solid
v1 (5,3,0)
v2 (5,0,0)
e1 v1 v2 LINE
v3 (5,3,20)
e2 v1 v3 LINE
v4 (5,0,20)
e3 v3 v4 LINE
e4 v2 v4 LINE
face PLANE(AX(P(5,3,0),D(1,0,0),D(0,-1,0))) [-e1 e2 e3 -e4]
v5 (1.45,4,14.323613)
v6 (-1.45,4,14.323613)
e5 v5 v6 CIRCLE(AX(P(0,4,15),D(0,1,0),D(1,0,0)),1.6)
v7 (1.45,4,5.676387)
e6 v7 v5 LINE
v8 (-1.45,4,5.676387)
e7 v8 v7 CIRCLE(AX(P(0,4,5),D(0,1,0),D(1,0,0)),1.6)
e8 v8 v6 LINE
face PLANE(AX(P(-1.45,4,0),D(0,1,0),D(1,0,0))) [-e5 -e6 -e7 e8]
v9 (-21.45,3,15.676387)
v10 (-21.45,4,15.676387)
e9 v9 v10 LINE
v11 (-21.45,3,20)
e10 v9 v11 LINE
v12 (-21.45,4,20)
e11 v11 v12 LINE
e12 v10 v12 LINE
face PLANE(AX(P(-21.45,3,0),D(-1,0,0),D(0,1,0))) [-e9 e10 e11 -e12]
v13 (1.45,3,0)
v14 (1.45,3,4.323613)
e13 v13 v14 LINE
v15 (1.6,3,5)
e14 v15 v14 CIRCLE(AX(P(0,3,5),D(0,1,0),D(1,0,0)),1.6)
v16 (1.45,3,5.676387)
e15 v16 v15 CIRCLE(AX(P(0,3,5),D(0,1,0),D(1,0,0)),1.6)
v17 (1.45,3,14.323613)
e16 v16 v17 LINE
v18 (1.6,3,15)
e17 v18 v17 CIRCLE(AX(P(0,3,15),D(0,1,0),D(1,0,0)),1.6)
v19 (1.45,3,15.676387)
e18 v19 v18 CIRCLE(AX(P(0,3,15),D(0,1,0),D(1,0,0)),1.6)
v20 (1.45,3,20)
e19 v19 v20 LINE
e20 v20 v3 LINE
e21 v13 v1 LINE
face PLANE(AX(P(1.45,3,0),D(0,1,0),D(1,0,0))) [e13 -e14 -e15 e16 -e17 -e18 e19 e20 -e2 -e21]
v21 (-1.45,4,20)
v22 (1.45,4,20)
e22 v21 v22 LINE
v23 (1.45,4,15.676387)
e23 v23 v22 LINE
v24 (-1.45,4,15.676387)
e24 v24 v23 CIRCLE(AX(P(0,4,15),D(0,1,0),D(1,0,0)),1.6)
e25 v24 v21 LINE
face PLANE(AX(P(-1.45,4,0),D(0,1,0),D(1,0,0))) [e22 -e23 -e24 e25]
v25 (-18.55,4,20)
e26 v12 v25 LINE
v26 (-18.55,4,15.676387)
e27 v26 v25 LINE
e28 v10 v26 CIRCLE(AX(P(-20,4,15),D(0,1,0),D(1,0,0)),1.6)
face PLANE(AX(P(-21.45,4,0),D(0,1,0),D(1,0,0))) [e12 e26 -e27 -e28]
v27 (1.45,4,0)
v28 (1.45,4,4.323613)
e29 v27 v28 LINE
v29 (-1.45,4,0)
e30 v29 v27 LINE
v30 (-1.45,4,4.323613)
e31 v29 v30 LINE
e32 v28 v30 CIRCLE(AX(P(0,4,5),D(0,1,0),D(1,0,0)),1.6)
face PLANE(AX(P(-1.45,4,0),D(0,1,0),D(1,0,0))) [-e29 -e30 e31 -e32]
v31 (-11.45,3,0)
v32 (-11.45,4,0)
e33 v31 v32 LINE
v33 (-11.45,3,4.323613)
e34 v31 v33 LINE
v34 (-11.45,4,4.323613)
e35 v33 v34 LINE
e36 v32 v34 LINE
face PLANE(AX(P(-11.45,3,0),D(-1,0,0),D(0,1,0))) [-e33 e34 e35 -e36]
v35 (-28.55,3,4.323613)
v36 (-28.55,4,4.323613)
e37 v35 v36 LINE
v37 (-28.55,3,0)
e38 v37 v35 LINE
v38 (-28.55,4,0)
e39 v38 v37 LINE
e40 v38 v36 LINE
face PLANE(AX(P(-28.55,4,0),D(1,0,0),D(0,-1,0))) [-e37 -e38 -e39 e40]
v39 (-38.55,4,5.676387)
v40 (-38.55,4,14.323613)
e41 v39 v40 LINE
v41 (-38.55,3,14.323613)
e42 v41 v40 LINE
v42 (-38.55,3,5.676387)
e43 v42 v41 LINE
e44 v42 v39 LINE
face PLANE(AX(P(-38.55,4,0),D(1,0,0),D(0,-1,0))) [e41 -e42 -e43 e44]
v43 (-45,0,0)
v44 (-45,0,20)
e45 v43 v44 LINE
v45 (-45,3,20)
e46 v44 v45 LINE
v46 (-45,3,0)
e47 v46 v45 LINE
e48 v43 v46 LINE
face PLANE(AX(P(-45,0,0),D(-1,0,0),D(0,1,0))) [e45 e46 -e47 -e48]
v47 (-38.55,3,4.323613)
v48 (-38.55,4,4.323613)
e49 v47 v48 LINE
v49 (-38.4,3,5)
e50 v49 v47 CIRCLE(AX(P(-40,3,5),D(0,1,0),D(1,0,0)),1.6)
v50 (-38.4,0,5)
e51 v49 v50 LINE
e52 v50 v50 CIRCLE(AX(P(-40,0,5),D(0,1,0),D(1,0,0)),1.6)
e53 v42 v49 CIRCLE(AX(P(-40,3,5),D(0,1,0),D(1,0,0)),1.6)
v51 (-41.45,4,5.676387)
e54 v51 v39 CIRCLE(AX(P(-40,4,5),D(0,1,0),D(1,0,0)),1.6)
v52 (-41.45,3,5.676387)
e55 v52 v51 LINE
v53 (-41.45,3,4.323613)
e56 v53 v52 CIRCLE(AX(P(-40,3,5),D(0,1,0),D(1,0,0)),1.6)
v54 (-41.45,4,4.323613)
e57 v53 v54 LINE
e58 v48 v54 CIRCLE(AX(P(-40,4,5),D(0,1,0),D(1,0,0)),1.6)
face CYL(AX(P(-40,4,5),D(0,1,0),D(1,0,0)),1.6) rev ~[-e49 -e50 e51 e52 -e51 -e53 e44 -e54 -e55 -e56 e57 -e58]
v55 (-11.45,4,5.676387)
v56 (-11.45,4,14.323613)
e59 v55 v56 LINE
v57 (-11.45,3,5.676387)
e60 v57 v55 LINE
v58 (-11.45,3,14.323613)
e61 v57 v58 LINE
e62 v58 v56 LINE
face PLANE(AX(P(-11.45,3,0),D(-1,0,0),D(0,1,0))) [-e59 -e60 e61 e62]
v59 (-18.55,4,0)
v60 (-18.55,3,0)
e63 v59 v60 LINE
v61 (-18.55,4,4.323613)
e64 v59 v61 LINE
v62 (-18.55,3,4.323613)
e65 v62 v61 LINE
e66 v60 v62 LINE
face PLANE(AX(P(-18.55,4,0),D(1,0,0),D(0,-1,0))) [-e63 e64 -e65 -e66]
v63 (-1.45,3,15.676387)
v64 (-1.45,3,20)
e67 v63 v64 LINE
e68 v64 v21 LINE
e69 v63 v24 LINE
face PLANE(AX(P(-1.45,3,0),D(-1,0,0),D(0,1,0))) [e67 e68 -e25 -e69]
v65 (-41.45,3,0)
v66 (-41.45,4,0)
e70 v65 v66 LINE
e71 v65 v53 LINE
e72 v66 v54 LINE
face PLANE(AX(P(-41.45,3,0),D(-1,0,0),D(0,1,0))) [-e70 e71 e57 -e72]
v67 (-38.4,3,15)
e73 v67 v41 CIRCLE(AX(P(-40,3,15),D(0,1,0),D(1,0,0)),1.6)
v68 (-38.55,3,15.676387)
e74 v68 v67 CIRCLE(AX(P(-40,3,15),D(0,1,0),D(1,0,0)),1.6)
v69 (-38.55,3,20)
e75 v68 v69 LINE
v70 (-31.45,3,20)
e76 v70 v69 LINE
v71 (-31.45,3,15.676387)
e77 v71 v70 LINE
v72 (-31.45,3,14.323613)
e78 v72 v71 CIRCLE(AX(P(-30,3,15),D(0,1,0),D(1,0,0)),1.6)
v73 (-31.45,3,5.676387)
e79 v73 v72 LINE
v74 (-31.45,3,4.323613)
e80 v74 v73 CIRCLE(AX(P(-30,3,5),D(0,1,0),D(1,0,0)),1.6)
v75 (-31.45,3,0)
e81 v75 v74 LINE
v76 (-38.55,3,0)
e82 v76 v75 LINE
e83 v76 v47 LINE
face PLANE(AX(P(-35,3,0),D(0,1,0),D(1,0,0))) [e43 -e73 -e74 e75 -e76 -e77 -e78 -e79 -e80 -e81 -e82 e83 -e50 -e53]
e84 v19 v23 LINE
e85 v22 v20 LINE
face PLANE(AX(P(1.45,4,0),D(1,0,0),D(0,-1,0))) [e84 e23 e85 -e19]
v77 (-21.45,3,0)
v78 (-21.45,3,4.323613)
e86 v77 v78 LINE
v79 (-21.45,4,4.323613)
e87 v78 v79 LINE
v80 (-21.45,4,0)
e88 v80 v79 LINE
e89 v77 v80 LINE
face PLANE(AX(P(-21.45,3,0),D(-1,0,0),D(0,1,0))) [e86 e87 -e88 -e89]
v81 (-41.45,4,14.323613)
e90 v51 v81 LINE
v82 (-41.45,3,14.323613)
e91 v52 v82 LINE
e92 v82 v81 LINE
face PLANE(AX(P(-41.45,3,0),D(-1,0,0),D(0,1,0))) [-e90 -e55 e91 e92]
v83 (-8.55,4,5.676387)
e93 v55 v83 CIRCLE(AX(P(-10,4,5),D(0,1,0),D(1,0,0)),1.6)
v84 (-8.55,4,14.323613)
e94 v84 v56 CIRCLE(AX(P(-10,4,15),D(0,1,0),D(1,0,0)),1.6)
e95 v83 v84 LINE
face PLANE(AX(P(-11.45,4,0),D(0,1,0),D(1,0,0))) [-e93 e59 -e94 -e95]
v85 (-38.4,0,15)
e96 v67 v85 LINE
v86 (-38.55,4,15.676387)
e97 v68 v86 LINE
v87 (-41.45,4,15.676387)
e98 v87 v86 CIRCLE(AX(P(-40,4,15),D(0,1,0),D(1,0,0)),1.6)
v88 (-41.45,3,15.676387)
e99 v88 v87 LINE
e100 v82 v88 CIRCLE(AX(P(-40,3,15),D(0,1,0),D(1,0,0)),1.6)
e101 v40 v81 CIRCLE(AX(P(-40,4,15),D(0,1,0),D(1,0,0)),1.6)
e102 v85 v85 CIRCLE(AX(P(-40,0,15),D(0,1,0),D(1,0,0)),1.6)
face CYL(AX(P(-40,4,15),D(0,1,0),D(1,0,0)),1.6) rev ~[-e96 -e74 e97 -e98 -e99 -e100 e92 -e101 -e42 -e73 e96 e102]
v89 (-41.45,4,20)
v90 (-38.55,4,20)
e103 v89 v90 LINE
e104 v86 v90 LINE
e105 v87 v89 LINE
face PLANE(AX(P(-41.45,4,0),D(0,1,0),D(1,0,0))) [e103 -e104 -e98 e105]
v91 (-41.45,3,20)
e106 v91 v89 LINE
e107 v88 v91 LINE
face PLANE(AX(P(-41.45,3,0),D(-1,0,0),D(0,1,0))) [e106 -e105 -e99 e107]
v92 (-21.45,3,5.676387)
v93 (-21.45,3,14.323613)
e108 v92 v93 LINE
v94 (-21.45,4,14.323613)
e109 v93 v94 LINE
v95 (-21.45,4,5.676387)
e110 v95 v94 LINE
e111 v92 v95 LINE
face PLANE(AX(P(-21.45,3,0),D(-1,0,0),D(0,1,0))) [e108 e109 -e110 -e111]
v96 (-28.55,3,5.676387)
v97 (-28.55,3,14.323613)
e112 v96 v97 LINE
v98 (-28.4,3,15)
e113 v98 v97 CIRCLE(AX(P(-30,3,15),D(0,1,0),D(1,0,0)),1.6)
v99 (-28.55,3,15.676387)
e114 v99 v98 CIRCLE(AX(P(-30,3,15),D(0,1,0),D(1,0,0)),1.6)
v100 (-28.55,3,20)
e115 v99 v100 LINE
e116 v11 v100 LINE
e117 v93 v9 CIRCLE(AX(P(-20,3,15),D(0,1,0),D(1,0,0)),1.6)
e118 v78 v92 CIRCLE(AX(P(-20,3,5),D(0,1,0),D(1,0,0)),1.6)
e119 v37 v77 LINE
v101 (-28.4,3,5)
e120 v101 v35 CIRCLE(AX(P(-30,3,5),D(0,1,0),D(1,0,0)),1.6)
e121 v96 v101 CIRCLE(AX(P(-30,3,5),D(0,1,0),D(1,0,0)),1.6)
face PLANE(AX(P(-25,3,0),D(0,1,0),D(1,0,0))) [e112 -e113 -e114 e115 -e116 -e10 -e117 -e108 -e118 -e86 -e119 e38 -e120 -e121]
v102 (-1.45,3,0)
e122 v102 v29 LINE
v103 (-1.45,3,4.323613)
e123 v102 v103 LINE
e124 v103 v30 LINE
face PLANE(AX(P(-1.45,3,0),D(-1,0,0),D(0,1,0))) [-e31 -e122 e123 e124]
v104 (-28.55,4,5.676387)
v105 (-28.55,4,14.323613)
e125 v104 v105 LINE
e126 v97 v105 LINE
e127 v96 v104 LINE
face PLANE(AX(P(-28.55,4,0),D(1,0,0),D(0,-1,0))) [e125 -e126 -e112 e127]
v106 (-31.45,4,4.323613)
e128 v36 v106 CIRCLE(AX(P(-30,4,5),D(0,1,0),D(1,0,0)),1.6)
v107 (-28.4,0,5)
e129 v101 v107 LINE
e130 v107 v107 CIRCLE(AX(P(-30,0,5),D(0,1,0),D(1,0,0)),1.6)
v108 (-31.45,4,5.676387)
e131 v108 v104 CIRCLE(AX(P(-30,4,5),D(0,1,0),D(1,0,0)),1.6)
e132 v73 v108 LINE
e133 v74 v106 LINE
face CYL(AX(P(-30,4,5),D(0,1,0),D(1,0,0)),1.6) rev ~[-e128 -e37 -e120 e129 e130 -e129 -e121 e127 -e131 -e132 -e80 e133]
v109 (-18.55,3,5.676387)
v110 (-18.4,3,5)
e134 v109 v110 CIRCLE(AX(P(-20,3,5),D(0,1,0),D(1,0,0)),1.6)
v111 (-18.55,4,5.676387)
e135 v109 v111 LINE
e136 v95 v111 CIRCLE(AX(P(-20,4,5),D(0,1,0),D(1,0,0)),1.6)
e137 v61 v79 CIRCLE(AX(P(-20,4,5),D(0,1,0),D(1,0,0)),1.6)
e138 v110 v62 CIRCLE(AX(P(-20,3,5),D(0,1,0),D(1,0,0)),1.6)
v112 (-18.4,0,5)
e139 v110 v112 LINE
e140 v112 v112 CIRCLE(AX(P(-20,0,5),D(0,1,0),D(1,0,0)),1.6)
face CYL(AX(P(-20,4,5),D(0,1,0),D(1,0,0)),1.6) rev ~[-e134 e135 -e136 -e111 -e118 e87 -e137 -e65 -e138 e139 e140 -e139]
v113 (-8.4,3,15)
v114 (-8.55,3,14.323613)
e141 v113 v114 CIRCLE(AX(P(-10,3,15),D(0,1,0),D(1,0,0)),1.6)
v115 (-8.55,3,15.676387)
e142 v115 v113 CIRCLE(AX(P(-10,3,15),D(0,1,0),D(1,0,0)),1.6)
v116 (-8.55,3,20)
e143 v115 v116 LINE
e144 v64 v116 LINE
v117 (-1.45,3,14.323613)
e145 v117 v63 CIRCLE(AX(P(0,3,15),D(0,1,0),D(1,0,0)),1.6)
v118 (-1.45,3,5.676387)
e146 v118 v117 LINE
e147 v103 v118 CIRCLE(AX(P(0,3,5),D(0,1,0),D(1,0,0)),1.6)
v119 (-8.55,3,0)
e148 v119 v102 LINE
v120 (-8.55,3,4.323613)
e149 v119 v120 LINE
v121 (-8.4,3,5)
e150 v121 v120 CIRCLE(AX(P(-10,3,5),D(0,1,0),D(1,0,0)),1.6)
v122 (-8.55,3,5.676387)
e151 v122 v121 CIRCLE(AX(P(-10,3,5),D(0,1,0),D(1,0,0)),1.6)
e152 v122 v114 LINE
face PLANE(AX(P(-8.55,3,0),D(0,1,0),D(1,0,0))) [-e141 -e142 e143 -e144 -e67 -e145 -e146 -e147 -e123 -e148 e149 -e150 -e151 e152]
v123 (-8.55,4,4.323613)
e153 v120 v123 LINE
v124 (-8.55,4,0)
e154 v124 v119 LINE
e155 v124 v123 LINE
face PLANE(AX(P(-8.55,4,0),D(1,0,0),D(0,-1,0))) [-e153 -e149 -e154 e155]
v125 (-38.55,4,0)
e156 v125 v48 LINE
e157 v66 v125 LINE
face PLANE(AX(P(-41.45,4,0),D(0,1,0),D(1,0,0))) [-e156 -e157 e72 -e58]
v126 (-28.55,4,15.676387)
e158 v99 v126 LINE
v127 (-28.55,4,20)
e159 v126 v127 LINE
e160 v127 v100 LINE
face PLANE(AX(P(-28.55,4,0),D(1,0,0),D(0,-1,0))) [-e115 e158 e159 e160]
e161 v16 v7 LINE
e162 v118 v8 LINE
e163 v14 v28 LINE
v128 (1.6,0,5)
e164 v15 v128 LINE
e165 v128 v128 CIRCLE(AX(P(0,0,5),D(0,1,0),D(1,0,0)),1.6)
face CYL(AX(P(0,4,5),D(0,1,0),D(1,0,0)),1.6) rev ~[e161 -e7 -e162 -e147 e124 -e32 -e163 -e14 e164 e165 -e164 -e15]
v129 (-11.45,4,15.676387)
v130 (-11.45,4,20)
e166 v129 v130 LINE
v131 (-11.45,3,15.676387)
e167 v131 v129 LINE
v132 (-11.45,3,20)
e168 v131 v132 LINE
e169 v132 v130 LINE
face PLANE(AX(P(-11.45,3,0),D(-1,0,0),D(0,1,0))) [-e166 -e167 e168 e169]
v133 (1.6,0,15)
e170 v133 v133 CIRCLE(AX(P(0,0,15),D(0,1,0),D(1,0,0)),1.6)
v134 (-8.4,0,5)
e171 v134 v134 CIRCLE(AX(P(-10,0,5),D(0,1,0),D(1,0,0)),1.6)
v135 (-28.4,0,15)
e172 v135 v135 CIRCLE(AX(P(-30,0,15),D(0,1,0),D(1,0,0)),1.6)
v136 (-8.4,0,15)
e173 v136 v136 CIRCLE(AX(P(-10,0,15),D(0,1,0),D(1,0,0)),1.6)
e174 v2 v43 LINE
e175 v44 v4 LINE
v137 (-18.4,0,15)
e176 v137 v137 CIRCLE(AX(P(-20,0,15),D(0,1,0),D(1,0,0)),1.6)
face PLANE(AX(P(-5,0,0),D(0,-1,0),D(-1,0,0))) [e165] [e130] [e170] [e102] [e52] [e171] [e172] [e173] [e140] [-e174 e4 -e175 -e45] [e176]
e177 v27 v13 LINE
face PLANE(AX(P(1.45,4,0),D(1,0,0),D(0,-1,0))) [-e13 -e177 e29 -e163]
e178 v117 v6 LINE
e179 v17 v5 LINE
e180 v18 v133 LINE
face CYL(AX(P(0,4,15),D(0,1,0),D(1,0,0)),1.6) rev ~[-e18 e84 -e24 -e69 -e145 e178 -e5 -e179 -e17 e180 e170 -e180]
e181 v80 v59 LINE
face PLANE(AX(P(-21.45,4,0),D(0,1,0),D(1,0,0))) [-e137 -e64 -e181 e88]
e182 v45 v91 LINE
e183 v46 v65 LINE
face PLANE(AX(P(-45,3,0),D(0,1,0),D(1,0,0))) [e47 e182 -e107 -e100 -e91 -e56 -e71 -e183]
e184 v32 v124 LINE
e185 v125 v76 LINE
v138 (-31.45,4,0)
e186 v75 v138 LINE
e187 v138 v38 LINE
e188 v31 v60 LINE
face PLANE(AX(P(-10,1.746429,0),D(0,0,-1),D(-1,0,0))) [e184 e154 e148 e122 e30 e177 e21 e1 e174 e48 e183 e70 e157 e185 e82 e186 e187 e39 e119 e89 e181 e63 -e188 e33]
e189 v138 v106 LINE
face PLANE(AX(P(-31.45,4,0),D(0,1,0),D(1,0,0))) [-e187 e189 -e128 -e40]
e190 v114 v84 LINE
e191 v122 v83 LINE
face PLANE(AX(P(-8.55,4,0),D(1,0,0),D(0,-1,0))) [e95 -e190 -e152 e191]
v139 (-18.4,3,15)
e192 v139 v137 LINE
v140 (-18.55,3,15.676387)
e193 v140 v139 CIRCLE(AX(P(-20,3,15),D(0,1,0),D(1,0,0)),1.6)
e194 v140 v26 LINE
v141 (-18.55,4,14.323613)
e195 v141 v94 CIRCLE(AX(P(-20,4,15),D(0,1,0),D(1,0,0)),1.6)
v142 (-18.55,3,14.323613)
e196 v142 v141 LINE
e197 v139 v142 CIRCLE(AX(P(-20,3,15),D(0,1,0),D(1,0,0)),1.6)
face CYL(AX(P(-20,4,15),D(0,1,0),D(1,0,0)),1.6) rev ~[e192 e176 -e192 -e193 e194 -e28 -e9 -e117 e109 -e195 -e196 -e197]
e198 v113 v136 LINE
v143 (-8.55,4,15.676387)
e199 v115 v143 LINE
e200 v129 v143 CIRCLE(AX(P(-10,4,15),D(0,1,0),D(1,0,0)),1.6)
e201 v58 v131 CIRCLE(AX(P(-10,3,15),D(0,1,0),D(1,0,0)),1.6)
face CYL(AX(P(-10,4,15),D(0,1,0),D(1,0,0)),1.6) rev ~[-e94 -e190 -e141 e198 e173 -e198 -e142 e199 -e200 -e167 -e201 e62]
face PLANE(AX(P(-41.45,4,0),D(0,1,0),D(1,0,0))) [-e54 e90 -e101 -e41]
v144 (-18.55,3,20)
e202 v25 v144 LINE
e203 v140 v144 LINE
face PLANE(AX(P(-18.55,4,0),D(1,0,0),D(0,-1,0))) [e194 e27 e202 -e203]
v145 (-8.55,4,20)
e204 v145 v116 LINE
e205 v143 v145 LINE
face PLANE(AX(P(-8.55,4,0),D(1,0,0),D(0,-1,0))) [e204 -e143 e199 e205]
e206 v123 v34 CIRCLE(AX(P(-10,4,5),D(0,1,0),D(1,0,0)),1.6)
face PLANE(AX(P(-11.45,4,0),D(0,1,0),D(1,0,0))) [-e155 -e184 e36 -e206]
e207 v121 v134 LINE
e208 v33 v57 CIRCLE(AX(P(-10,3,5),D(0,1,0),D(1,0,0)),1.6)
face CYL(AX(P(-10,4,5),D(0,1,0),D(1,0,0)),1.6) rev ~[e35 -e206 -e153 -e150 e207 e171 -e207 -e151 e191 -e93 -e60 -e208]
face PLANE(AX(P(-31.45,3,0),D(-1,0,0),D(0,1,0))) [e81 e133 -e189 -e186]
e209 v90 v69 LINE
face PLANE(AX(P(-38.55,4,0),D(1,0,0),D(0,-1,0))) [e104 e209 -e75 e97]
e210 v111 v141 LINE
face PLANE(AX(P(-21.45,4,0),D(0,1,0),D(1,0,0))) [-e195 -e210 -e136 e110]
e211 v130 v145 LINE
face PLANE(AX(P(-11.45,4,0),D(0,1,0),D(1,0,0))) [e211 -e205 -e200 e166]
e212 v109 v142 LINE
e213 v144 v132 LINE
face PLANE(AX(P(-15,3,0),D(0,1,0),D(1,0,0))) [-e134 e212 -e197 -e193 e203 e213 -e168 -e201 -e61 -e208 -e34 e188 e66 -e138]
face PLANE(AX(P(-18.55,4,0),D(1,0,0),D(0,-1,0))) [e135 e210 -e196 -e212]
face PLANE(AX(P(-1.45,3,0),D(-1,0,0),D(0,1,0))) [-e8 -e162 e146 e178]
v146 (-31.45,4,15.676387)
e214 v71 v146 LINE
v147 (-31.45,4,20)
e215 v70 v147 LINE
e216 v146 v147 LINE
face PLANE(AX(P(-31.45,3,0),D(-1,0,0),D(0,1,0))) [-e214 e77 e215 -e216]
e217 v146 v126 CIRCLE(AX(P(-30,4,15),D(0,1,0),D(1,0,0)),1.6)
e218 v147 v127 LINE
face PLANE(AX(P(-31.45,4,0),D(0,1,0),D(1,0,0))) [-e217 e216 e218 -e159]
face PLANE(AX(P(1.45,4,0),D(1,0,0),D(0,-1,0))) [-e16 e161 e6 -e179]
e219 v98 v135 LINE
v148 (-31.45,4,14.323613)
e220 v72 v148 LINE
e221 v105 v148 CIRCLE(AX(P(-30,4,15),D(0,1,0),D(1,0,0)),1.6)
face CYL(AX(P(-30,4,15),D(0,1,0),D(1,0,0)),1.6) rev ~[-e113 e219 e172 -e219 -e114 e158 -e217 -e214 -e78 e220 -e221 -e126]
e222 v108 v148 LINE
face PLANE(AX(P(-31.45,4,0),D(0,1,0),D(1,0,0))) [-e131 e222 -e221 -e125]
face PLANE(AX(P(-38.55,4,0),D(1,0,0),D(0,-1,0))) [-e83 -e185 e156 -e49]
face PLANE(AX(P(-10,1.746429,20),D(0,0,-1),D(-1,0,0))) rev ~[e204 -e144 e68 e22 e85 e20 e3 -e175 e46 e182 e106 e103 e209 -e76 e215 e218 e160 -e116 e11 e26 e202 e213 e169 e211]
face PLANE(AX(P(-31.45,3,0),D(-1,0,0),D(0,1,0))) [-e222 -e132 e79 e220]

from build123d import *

# Parameters (mm, degrees)
MAIN_DEPTH                 = 20
ESQUISSE2_R                = 1.6
TOPHOLE_DEPTH              = 5
R_P_TITION_LIN_AIRE1_COUNT = 5
R_P_TITION_LIN_AIRE1_PITCH = 10


with BuildPart() as part:
    # Esquisse1 → Main (new body)
    with BuildSketch(Plane.XY):
        Polygon((-5, 0), (-5, 3), (-1.45, 3), (-1.45, 4), (1.45, 4), (1.45, 3), (5, 3), (5, 0), align=None)
    main = extrude(amount=MAIN_DEPTH)

    # Esquisse2 → TopHole (cut, through all)
    with BuildSketch(Plane(origin=(0, 4, 0), x_dir=(1, 0, 0), z_dir=(0, 1, 0))):
        with Locations((0, -5)):
            Circle(ESQUISSE2_R)
        with Locations((0, -15)):
            Circle(ESQUISSE2_R)
    tophole = extrude(amount=-TOPHOLE_DEPTH, mode=Mode.SUBTRACT)

    # Répétition linéaire1: Main, TopHole ×5
    with Locations(*[(-i * R_P_TITION_LIN_AIRE1_PITCH, 0, 0) for i in range(1, R_P_TITION_LIN_AIRE1_COUNT)]):
        add(main)
        add(tophole, mode=Mode.SUBTRACT)


solid = part.part
